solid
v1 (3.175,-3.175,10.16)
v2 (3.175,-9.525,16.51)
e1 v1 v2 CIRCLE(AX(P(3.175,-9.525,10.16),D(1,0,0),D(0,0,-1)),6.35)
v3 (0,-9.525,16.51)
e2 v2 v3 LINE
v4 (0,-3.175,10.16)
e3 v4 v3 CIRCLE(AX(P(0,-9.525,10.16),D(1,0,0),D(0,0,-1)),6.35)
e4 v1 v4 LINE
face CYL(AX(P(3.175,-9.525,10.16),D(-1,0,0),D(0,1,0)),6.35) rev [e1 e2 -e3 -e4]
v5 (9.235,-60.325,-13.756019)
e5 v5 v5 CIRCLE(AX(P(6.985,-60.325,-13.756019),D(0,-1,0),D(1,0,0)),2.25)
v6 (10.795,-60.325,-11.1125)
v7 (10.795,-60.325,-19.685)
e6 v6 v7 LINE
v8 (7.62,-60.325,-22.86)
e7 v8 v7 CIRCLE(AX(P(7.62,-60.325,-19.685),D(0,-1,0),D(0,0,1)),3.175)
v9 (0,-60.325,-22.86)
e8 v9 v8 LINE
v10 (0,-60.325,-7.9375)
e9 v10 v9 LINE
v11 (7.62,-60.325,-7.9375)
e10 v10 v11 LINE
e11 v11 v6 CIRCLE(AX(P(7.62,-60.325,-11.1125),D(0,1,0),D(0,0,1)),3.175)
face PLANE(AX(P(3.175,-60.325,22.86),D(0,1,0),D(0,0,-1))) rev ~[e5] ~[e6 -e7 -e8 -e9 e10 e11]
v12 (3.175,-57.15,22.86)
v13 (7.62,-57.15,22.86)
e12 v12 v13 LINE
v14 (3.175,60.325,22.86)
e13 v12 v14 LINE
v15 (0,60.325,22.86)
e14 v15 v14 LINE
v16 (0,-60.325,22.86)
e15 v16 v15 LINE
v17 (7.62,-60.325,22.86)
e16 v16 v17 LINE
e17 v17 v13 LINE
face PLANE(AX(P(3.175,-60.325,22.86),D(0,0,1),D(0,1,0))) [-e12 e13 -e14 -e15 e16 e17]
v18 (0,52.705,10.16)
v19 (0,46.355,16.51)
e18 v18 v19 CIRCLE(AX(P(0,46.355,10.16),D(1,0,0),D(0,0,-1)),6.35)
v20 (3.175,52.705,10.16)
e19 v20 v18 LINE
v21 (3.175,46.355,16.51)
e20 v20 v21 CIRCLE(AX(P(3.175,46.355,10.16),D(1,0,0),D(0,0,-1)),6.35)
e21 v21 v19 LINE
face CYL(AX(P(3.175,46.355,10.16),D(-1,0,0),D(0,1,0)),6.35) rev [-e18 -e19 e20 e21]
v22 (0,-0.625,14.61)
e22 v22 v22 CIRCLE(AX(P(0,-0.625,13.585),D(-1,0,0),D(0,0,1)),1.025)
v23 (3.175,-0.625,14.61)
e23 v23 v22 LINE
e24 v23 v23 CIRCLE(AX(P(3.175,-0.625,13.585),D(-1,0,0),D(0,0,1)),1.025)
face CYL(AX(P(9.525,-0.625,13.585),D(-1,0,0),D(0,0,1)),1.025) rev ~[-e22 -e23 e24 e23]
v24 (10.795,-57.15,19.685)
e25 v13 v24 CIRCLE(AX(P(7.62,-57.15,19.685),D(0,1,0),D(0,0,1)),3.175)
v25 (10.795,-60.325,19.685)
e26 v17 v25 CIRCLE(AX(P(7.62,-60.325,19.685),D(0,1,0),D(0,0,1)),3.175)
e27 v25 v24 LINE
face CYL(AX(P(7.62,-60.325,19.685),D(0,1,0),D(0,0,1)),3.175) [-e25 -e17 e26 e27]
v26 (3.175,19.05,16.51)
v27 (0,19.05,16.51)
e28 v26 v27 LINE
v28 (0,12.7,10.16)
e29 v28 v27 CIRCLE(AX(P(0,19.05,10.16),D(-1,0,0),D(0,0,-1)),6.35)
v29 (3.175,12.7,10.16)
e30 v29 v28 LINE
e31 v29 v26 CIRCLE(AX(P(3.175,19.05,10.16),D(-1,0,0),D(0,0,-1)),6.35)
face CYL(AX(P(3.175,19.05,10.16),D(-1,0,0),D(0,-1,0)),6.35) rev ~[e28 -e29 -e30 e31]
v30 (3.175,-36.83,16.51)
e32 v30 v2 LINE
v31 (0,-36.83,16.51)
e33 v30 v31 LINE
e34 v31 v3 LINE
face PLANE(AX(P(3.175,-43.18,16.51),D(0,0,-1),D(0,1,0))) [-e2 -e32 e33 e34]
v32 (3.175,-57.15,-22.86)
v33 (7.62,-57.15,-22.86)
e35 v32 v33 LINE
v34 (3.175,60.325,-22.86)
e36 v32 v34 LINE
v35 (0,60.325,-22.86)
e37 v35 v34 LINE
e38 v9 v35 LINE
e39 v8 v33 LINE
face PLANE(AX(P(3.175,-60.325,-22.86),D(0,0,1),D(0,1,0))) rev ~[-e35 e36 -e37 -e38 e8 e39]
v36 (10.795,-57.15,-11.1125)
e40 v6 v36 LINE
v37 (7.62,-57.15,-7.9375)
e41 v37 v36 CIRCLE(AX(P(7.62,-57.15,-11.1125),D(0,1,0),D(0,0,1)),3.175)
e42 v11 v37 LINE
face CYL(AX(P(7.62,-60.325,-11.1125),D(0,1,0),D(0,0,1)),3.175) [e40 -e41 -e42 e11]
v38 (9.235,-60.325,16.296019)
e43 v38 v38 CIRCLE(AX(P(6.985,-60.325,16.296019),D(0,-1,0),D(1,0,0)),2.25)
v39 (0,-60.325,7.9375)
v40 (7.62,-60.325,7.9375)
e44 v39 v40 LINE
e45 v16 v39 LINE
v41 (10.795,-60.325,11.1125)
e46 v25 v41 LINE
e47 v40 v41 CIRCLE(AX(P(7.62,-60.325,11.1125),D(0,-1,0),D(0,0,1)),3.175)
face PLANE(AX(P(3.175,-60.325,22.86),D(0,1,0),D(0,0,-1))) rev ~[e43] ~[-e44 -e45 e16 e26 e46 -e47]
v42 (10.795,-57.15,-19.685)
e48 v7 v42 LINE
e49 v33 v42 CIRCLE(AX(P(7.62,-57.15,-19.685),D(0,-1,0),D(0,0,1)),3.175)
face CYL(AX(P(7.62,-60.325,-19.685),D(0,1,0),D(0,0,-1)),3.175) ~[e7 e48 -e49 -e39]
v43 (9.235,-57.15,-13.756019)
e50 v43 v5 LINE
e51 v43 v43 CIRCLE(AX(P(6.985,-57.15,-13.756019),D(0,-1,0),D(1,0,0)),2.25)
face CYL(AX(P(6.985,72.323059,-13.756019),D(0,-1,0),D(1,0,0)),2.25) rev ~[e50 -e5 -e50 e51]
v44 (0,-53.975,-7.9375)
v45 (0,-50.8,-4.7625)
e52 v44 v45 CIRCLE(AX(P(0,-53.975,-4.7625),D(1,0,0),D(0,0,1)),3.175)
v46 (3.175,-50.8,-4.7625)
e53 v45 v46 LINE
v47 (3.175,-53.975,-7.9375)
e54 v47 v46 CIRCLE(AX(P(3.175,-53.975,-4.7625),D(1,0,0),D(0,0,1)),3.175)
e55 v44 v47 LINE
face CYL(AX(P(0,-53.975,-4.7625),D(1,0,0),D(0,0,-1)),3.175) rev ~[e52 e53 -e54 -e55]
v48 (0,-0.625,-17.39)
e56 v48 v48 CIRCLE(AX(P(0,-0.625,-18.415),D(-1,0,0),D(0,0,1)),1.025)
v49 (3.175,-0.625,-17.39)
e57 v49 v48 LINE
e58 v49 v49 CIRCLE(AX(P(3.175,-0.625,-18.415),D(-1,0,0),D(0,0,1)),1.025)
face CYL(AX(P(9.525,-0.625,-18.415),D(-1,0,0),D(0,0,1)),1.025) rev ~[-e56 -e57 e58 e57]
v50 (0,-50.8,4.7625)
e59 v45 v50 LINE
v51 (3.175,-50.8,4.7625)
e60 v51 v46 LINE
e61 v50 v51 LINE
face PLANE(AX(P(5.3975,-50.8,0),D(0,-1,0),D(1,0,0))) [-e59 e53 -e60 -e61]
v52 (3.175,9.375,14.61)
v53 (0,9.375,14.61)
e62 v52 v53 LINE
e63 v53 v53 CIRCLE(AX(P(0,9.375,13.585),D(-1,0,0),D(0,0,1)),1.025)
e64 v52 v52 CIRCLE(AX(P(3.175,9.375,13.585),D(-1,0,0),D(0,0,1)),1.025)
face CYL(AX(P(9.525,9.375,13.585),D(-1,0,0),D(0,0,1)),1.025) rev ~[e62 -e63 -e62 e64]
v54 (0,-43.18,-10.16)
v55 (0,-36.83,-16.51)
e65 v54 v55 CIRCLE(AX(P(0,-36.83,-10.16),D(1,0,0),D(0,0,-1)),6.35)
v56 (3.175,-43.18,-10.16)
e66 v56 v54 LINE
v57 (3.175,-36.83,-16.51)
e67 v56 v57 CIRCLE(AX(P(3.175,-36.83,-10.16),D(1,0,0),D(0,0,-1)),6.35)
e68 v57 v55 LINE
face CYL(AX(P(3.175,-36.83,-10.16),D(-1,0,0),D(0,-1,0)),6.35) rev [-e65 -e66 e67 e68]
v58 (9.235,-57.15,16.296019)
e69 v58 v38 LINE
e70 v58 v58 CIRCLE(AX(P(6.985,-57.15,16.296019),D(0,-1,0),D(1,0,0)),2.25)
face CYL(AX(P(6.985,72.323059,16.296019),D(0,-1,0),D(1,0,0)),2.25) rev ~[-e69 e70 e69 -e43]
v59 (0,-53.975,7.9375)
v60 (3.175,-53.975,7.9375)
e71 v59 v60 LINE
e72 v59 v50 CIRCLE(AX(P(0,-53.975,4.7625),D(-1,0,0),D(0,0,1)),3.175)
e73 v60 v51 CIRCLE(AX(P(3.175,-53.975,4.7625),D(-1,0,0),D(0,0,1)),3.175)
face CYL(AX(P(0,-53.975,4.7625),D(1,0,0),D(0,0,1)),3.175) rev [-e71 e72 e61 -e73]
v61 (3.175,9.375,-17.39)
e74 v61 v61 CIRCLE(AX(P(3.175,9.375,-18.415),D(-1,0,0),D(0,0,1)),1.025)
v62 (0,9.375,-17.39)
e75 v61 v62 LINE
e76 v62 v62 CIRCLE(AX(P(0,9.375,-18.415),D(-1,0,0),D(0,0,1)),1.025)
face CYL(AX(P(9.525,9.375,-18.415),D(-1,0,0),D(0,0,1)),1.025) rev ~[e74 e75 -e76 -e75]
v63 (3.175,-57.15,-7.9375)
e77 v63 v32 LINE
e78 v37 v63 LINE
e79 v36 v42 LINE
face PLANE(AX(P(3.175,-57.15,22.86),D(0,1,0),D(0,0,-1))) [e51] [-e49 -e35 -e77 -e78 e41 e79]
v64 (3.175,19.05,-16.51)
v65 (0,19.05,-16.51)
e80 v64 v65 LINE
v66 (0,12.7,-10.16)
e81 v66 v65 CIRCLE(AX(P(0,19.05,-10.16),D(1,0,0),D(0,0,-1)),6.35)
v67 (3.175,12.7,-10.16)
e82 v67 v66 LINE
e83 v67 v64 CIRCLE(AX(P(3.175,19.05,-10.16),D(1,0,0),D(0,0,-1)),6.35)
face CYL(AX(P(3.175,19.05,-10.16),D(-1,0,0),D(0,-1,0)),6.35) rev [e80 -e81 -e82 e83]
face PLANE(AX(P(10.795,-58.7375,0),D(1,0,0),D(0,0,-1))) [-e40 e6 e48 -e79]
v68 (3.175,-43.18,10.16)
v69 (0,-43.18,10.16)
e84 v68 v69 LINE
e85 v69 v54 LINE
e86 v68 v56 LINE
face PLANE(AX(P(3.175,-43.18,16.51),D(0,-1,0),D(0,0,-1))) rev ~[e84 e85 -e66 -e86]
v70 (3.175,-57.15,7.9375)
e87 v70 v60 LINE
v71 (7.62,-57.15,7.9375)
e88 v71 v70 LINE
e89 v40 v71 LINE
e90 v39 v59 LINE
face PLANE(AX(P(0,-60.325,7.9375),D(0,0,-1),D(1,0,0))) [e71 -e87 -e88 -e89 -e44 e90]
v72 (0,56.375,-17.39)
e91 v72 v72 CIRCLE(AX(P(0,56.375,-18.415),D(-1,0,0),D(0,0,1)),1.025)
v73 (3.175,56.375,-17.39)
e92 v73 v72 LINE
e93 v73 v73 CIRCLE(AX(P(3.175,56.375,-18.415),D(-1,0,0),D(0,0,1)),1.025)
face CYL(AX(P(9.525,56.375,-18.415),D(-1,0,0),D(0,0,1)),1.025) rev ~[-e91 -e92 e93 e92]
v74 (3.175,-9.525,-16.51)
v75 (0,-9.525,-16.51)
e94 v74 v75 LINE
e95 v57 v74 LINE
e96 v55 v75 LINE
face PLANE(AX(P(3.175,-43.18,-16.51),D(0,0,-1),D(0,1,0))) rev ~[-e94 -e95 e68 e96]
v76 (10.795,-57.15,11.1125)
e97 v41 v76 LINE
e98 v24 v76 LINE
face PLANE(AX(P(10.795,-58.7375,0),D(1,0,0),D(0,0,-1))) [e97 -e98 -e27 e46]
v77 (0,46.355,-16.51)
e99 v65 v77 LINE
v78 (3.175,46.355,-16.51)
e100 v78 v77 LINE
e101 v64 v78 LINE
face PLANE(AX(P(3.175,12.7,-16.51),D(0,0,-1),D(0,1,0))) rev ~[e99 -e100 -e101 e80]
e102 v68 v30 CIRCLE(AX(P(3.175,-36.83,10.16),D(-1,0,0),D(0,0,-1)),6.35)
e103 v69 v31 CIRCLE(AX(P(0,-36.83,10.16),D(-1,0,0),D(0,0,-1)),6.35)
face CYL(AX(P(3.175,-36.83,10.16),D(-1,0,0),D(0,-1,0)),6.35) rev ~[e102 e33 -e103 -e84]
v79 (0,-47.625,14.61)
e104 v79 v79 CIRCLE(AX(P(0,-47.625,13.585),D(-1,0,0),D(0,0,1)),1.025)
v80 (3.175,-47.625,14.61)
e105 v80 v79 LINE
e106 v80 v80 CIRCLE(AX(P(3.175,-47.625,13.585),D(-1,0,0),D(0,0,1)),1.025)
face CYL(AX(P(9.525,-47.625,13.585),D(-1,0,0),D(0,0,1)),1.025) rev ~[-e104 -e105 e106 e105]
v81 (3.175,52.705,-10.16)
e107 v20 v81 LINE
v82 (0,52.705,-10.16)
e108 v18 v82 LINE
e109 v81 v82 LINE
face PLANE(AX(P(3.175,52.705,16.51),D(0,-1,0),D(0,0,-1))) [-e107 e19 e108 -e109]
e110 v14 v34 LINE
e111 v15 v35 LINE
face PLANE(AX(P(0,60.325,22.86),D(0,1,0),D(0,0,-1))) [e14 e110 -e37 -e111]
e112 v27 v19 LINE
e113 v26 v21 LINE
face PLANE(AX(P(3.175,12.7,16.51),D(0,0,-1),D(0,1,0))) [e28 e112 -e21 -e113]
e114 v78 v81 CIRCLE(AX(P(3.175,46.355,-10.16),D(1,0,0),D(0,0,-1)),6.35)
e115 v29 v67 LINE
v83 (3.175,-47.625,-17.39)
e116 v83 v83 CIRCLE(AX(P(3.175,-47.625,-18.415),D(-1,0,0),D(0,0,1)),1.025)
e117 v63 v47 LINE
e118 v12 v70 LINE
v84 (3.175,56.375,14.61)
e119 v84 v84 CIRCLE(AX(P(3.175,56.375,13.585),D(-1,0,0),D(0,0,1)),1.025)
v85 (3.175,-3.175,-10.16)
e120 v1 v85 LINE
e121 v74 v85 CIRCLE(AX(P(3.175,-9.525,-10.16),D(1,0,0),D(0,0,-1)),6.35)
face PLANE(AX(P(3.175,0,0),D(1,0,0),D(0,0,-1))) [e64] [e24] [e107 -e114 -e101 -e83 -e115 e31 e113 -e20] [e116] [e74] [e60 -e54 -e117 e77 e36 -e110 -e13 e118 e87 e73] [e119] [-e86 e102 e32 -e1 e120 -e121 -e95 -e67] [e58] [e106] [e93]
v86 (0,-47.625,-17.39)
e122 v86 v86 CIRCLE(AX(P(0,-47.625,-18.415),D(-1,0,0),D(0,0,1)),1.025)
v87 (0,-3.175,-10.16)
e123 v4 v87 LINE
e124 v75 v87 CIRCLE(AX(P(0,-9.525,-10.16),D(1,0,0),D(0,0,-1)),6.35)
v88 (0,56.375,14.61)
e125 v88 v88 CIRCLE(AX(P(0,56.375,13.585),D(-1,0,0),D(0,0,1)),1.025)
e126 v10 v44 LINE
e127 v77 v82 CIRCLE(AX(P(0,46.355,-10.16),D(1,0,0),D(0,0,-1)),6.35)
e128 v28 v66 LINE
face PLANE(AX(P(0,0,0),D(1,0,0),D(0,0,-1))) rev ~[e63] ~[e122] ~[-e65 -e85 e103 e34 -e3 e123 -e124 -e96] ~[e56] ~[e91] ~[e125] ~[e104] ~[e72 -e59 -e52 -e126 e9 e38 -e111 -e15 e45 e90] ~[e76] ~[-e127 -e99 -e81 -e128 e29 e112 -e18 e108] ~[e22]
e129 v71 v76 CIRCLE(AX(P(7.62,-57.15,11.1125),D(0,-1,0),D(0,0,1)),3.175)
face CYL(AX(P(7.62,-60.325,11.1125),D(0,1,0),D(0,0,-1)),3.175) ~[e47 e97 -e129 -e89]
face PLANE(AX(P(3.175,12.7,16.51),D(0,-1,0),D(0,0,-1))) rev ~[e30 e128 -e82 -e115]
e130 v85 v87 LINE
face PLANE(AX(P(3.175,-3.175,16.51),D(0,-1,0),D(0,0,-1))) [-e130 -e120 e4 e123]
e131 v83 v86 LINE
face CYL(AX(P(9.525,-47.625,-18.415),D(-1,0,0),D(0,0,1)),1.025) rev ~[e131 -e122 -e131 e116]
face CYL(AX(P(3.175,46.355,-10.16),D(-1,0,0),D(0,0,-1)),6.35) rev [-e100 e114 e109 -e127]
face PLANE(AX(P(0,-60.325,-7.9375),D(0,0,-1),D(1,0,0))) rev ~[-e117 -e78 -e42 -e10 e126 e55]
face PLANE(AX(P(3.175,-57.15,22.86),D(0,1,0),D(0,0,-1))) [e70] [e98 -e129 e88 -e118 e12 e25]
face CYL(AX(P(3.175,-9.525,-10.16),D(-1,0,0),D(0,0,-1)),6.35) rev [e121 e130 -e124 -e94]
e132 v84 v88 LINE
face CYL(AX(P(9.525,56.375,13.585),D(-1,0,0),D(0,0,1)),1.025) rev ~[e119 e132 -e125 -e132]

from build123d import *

# Parameters (mm, degrees)
SKETCH1_W                    = 45.72
SKETCH1_H                    = 120.65
BOSS_EXTRUDE1_DEPTH          = 3.175
SKETCH2_W                    = 45.72
SKETCH2_H                    = 3.175
BOSS_EXTRUDE2_DEPTH          = 7.62
SKETCH3_W                    = 10.795
SKETCH3_H                    = 15.875
CUT_EXTRUDE1_DEPTH           = 9.525
M4_CLEARANCE_HOLE1_D         = 4.5
FILLET1_R                    = 3.175
FILLET2_R                    = 3.175
M2_5X0_45_TAPPED_HOLE1_D     = 2.05
M2_5X0_45_TAPPED_HOLE1_DEPTH = 6.35
M2_5X0_45_TAPPED_HOLE1_TIP   = 0.615882135
SKETCH10_W                   = 33.02
SKETCH10_H                   = 40.005
CUT_EXTRUDE2_DEPTH           = 65.959599945
FILLET3_R                    = 6.35


with BuildPart() as part:
    # Sketch1 → Boss-Extrude1 (new body)
    with BuildSketch(Plane(origin=(0, 0, 0), x_dir=(0, 0, -1), z_dir=(1, 0, 0))):
        Rectangle(SKETCH1_W, SKETCH1_H)
    extrude(amount=BOSS_EXTRUDE1_DEPTH)

    # Sketch2 → Boss-Extrude2 (add)
    with BuildSketch(Plane(origin=(3.175, 0, 0), x_dir=(0, 0, -1), z_dir=(1, 0, 0))):
        with Locations((0, -58.7375)):
            Rectangle(SKETCH2_W, SKETCH2_H)
    extrude(amount=BOSS_EXTRUDE2_DEPTH)

    # Sketch3 → Cut-Extrude1 (cut)
    with BuildSketch(Plane.XZ.offset(60.325)):
        with Locations((5.3975, 0)):
            Rectangle(SKETCH3_W, SKETCH3_H)
    extrude(amount=-CUT_EXTRUDE1_DEPTH, mode=Mode.SUBTRACT)

    # M4 Clearance Hole1 (through all)
    with Locations(Plane(origin=(0, -57.15, 0), x_dir=(-1, 0, 0), z_dir=(0, 1, 0))):
        with Locations((-6.985, -13.7560191), (-6.985, 16.2960191)):
            Hole(M4_CLEARANCE_HOLE1_D / 2)

    # Fillet1
    fillet1_edges = [part.edges().sort_by_distance(p)[0] for p in [
        (1.5875, -50.8, -7.9375),
        (1.5875, -50.8, 7.9375),
    ]]
    fillet(fillet1_edges, radius=FILLET1_R)

    # Fillet2
    fillet2_edges = [part.edges().sort_by_distance(p)[0] for p in [
        (10.795, -58.7375, -22.86),
        (10.795, -58.7375, -7.9375),
        (10.795, -58.7375, 22.86),
        (10.795, -58.7375, 7.9375),
    ]]
    fillet(fillet2_edges, radius=FILLET2_R)

    # M2.5x0.45 Tapped Hole1
    with Locations(Plane(origin=(3.175, 0, 0), x_dir=(0, 0, -1), z_dir=(1, 0, 0))):
        with Locations((-13.585, -47.625), (18.415, -47.625), (18.415, -0.625), (-13.585, -0.625), (-13.585, 9.375), (18.415, 9.375), (18.415, 56.375), (-13.585, 56.375)):
            Hole(M2_5X0_45_TAPPED_HOLE1_D / 2, depth=M2_5X0_45_TAPPED_HOLE1_DEPTH)
            with Locations((0, 0, -(M2_5X0_45_TAPPED_HOLE1_DEPTH + M2_5X0_45_TAPPED_HOLE1_TIP / 2))):  # 118° drill point
                Cone(0, M2_5X0_45_TAPPED_HOLE1_D / 2, M2_5X0_45_TAPPED_HOLE1_TIP, mode=Mode.SUBTRACT)

    # Sketch10 → Cut-Extrude2 (cut, through all)
    with BuildSketch(Plane(origin=(3.175, 0, 0), x_dir=(0, 0, -1), z_dir=(1, 0, 0))):
        with Locations((0, 32.7025)):
            Rectangle(SKETCH10_W, SKETCH10_H)
        with Locations((0, -23.1775)):
            Rectangle(SKETCH10_W, SKETCH10_H)
    extrude(amount=-CUT_EXTRUDE2_DEPTH, mode=Mode.SUBTRACT)

    # Fillet3
    fillet3_edges = [part.edges().sort_by_distance(p)[0] for p in [
        (1.5875, 52.705, -16.51),
        (1.5875, 12.7, -16.51),
        (1.5875, 12.7, 16.51),
        (1.5875, 52.705, 16.51),
        (1.5875, -3.175, -16.51),
        (1.5875, -43.18, -16.51),
        (1.5875, -43.18, 16.51),
        (1.5875, -3.175, 16.51),
    ]]
    fillet(fillet3_edges, radius=FILLET3_R)


solid = part.part
